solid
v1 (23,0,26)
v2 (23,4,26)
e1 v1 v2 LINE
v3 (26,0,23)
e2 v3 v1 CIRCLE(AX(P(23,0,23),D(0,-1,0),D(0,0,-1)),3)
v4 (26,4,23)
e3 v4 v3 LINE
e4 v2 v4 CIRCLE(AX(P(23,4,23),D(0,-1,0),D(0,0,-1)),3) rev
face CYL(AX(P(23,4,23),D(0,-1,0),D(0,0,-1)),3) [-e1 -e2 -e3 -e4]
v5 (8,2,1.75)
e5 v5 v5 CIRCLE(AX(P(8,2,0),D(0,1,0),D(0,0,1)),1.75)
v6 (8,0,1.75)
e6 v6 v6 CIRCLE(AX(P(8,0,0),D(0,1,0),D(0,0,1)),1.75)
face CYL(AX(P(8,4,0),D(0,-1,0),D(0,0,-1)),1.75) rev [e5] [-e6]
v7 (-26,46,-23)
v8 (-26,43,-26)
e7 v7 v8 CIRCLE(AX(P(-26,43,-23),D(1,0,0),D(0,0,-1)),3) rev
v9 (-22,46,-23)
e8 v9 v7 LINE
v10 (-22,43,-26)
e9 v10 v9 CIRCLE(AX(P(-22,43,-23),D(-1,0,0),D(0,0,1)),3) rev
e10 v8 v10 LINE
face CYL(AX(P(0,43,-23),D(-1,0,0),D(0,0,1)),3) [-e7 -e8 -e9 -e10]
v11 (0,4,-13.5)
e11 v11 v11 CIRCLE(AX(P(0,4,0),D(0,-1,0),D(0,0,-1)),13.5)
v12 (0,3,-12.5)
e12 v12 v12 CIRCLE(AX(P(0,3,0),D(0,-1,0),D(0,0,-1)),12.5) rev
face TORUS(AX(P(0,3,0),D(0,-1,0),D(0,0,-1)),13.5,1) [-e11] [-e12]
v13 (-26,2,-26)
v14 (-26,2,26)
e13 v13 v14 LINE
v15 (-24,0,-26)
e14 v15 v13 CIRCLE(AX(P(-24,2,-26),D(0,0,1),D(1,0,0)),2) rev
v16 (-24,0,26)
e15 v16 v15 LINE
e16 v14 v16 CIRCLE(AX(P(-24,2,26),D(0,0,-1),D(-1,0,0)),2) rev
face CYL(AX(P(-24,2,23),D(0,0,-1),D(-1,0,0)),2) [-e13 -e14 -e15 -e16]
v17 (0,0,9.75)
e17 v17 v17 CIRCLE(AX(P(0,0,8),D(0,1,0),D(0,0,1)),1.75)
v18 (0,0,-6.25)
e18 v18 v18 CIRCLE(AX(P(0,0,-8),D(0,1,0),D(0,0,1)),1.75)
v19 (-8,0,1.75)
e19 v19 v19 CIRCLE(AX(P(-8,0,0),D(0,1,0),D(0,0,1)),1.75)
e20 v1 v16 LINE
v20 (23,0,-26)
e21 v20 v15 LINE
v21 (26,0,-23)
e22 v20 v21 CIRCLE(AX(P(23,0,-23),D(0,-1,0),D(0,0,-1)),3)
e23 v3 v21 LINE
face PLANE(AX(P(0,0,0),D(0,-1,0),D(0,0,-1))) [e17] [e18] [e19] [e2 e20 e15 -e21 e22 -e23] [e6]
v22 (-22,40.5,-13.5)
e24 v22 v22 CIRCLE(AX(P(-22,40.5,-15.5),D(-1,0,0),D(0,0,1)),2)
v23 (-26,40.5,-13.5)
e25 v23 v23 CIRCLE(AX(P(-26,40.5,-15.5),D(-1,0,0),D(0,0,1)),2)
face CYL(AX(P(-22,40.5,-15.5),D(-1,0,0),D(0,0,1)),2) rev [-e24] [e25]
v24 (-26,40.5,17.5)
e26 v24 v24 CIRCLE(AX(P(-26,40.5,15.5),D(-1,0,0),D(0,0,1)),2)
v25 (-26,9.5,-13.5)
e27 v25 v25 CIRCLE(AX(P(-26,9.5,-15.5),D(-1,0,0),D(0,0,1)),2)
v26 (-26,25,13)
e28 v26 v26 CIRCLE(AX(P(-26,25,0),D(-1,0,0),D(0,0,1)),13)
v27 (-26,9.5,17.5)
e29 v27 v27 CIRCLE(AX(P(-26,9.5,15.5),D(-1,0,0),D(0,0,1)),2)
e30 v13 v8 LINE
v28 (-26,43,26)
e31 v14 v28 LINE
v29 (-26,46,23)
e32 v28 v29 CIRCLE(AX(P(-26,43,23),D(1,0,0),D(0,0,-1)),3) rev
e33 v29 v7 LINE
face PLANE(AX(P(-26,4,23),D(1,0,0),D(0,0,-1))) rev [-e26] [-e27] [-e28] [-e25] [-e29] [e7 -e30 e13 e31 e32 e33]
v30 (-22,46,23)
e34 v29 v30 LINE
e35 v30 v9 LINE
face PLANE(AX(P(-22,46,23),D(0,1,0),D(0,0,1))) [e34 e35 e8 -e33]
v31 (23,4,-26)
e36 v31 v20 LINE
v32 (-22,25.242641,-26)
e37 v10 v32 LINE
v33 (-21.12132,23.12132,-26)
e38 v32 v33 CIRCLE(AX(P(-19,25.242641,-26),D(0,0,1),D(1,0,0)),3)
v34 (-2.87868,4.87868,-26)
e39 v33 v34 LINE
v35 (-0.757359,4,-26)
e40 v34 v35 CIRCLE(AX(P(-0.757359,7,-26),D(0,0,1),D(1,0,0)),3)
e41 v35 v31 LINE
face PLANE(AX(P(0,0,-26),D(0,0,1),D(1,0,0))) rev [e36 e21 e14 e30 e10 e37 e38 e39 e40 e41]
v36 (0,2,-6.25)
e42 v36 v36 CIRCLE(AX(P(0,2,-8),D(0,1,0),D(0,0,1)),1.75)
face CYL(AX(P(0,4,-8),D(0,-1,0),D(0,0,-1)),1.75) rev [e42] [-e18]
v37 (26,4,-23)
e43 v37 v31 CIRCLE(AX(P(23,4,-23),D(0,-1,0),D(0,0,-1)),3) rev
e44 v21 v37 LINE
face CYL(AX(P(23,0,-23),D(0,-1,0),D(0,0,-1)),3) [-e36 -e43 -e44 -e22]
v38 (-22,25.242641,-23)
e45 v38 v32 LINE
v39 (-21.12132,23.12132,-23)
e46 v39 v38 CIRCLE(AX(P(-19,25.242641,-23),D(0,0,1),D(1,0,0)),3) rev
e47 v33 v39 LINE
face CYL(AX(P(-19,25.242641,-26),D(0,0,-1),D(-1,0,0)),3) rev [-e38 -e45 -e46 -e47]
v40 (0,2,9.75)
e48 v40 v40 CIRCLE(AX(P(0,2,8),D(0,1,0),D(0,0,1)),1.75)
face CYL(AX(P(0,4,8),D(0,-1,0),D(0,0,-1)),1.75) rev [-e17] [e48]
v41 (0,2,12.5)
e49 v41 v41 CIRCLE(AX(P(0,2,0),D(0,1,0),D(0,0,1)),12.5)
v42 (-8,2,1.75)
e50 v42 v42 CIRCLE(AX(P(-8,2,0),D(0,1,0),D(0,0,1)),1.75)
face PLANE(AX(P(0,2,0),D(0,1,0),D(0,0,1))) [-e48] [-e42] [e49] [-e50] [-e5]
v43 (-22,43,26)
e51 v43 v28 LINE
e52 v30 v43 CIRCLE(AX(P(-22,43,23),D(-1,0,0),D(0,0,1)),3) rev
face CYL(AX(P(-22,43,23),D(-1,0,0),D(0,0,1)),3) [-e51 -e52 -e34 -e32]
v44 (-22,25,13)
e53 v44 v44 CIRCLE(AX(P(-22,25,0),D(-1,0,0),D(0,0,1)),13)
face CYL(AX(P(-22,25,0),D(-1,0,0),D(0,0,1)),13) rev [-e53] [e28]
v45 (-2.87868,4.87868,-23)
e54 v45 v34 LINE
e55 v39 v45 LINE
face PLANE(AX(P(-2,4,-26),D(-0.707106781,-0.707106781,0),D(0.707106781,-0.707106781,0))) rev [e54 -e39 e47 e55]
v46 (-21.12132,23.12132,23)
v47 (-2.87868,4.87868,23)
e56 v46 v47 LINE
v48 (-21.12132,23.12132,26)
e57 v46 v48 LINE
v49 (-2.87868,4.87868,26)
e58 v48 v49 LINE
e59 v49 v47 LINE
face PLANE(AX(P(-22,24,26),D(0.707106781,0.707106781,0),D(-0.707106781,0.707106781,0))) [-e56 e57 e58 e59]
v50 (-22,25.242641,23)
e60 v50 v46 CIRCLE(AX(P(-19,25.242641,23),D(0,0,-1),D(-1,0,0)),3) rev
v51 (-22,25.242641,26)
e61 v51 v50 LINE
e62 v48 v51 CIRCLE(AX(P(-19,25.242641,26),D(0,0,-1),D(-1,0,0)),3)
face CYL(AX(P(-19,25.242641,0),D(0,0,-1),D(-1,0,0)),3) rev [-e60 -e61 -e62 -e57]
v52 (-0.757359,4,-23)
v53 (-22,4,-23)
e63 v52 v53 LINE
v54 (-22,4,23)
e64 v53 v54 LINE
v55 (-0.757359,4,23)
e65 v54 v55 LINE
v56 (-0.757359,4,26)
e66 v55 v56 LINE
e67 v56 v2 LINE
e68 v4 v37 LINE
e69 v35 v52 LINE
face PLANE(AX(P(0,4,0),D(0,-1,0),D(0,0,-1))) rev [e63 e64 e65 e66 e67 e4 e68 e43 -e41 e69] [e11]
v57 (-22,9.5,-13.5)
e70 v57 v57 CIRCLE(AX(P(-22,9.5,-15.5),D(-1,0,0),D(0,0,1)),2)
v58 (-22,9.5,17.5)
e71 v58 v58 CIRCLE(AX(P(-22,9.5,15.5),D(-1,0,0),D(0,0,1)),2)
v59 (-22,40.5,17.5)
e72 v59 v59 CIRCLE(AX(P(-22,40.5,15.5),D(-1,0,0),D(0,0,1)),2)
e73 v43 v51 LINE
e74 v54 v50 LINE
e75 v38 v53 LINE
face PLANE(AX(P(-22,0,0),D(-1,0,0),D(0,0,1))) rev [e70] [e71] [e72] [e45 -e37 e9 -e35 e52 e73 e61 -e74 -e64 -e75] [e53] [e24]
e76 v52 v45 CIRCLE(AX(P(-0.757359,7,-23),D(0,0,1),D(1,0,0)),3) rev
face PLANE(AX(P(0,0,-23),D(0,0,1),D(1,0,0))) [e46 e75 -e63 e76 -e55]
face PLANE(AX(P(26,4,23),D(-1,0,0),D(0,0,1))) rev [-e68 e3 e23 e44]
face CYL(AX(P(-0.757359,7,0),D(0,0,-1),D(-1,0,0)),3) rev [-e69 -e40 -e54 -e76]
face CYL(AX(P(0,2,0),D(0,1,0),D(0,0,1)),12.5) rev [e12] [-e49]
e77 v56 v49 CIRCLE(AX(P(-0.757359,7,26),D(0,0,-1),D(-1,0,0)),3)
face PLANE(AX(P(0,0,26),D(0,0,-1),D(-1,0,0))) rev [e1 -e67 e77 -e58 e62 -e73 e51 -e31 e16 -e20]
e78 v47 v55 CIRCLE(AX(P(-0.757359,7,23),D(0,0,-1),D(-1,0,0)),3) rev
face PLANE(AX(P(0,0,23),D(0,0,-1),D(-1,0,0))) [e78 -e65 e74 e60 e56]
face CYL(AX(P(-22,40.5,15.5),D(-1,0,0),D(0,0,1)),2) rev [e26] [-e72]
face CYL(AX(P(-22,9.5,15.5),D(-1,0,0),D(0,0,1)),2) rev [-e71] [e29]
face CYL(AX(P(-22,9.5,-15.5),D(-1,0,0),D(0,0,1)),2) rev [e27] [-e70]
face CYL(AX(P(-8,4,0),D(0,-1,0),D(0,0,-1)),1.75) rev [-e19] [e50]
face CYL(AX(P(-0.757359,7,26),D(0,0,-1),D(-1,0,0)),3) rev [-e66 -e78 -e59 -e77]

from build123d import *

# Parameters (mm, degrees)
SKETCH_1_W          = 52
SKETCH_1_H          = 46
SKETCH_1_R          = 1.75
EXTRUDE_2_DEPTH     = 4
SKETCH_2_W          = 46
SKETCH_2_H          = 42
SKETCH_2_R          = 2
SKETCH_2_R_2        = 13
EXTRUDE_3_DEPTH     = 4
SKETCH_4_R          = 12.5
CUT_EXTRUDE_1_DEPTH = 2
EXTRUDE_4_DEPTH     = 3
EXTRUDE_5_DEPTH     = 3
FILLET_1_R          = 3
FILLET_2_R          = 3
FILLET_3_R          = 3
FILLET_4_R          = 3
FILLET_5_R          = 3
FILLET_6_R          = 3
FILLET_7_R          = 3
FILLET_8_R          = 3
FILLET_9_R          = 1
FILLET_10_R         = 2


with BuildPart() as part:
    # 草图1 → 凸台-拉伸2 (new body)
    with BuildSketch(Plane(origin=(0, 0, 0), x_dir=(1, 0, 0), z_dir=(0, 1, 0))):
        Rectangle(SKETCH_1_W, SKETCH_1_H)
        with Locations((8, 0)):
            Circle(SKETCH_1_R, mode=Mode.SUBTRACT)
        with Locations((0, 8)):
            Circle(SKETCH_1_R, mode=Mode.SUBTRACT)
        with Locations((-8, 0)):
            Circle(SKETCH_1_R, mode=Mode.SUBTRACT)
        with Locations((0, -8)):
            Circle(SKETCH_1_R, mode=Mode.SUBTRACT)
    extrude(amount=EXTRUDE_2_DEPTH)

    # 草图2 → 凸台-拉伸3 (add)
    with BuildSketch(Plane.ZY.offset(26)):
        with Locations((0, 25)):
            Rectangle(SKETCH_2_W, SKETCH_2_H)
        with Locations((15.5, 40.5)):
            Circle(SKETCH_2_R, mode=Mode.SUBTRACT)
        with Locations((15.5, 9.5)):
            Circle(SKETCH_2_R, mode=Mode.SUBTRACT)
        with Locations((-15.5, 9.5)):
            Circle(SKETCH_2_R, mode=Mode.SUBTRACT)
        with Locations((-15.5, 40.5)):
            Circle(SKETCH_2_R, mode=Mode.SUBTRACT)
        with Locations((0, 25)):
            Circle(SKETCH_2_R_2, mode=Mode.SUBTRACT)
    extrude(amount=-EXTRUDE_3_DEPTH)

    # 草图4 → 切除-拉伸1 (cut)
    with BuildSketch(Plane(origin=(0, 4, 0), x_dir=(1, 0, 0), z_dir=(0, 1, 0))):
        Circle(SKETCH_4_R)
    extrude(amount=-CUT_EXTRUDE_1_DEPTH, mode=Mode.SUBTRACT)

    # 草图6 → 凸台-拉伸4 (add)
    with BuildSketch(Plane.XY.offset(23)):
        Polygon((-26, 46), (-22, 46), (-22, 24), (-2, 4), (26, 4), (26, 0), (-26, 0), align=None)
    extrude(amount=EXTRUDE_4_DEPTH)

    # 草图7 → 凸台-拉伸5 (add)
    with BuildSketch(Plane(origin=(0, 0, -23), x_dir=(-1, 0, 0), z_dir=(0, 0, -1))):
        Polygon((26, 46), (26, 0), (-26, 0), (-26, 4), (2, 4), (22, 24), (22, 46), align=None)
    extrude(amount=EXTRUDE_5_DEPTH)

    # 圆角1
    fillet_1_edges = [part.edges().sort_by_distance(p)[0] for p in [
        (-24, 46, 26),
    ]]
    fillet(fillet_1_edges, radius=FILLET_1_R)

    # 圆角2
    fillet_2_edges = [part.edges().sort_by_distance(p)[0] for p in [
        (-24, 46, -26),
    ]]
    fillet(fillet_2_edges, radius=FILLET_2_R)

    # 圆角3
    fillet_3_edges = [part.edges().sort_by_distance(p)[0] for p in [
        (26, 2, 26),
    ]]
    fillet(fillet_3_edges, radius=FILLET_3_R)

    # 圆角4
    fillet_4_edges = [part.edges().sort_by_distance(p)[0] for p in [
        (26, 2, -26),
    ]]
    fillet(fillet_4_edges, radius=FILLET_4_R)

    # 圆角5
    fillet_5_edges = [part.edges().sort_by_distance(p)[0] for p in [
        (-22, 24, 24.5),
    ]]
    fillet(fillet_5_edges, radius=FILLET_5_R)

    # 圆角6
    fillet_6_edges = [part.edges().sort_by_distance(p)[0] for p in [
        (-2, 4, 24.5),
    ]]
    fillet(fillet_6_edges, radius=FILLET_6_R)

    # 圆角7
    fillet_7_edges = [part.edges().sort_by_distance(p)[0] for p in [
        (-22, 24, -24.5),
    ]]
    fillet(fillet_7_edges, radius=FILLET_7_R)

    # 圆角8
    fillet_8_edges = [part.edges().sort_by_distance(p)[0] for p in [
        (-2, 4, -24.5),
    ]]
    fillet(fillet_8_edges, radius=FILLET_8_R)

    # 圆角9
    fillet_9_edges = [part.edges().sort_by_distance(p)[0] for p in [
        (-12.5, 4, 0),
    ]]
    fillet(fillet_9_edges, radius=FILLET_9_R)

    # 圆角10
    fillet_10_edges = [part.edges().sort_by_distance(p)[0] for p in [
        (-26, 0, 0),
    ]]
    fillet(fillet_10_edges, radius=FILLET_10_R)


solid = part.part
